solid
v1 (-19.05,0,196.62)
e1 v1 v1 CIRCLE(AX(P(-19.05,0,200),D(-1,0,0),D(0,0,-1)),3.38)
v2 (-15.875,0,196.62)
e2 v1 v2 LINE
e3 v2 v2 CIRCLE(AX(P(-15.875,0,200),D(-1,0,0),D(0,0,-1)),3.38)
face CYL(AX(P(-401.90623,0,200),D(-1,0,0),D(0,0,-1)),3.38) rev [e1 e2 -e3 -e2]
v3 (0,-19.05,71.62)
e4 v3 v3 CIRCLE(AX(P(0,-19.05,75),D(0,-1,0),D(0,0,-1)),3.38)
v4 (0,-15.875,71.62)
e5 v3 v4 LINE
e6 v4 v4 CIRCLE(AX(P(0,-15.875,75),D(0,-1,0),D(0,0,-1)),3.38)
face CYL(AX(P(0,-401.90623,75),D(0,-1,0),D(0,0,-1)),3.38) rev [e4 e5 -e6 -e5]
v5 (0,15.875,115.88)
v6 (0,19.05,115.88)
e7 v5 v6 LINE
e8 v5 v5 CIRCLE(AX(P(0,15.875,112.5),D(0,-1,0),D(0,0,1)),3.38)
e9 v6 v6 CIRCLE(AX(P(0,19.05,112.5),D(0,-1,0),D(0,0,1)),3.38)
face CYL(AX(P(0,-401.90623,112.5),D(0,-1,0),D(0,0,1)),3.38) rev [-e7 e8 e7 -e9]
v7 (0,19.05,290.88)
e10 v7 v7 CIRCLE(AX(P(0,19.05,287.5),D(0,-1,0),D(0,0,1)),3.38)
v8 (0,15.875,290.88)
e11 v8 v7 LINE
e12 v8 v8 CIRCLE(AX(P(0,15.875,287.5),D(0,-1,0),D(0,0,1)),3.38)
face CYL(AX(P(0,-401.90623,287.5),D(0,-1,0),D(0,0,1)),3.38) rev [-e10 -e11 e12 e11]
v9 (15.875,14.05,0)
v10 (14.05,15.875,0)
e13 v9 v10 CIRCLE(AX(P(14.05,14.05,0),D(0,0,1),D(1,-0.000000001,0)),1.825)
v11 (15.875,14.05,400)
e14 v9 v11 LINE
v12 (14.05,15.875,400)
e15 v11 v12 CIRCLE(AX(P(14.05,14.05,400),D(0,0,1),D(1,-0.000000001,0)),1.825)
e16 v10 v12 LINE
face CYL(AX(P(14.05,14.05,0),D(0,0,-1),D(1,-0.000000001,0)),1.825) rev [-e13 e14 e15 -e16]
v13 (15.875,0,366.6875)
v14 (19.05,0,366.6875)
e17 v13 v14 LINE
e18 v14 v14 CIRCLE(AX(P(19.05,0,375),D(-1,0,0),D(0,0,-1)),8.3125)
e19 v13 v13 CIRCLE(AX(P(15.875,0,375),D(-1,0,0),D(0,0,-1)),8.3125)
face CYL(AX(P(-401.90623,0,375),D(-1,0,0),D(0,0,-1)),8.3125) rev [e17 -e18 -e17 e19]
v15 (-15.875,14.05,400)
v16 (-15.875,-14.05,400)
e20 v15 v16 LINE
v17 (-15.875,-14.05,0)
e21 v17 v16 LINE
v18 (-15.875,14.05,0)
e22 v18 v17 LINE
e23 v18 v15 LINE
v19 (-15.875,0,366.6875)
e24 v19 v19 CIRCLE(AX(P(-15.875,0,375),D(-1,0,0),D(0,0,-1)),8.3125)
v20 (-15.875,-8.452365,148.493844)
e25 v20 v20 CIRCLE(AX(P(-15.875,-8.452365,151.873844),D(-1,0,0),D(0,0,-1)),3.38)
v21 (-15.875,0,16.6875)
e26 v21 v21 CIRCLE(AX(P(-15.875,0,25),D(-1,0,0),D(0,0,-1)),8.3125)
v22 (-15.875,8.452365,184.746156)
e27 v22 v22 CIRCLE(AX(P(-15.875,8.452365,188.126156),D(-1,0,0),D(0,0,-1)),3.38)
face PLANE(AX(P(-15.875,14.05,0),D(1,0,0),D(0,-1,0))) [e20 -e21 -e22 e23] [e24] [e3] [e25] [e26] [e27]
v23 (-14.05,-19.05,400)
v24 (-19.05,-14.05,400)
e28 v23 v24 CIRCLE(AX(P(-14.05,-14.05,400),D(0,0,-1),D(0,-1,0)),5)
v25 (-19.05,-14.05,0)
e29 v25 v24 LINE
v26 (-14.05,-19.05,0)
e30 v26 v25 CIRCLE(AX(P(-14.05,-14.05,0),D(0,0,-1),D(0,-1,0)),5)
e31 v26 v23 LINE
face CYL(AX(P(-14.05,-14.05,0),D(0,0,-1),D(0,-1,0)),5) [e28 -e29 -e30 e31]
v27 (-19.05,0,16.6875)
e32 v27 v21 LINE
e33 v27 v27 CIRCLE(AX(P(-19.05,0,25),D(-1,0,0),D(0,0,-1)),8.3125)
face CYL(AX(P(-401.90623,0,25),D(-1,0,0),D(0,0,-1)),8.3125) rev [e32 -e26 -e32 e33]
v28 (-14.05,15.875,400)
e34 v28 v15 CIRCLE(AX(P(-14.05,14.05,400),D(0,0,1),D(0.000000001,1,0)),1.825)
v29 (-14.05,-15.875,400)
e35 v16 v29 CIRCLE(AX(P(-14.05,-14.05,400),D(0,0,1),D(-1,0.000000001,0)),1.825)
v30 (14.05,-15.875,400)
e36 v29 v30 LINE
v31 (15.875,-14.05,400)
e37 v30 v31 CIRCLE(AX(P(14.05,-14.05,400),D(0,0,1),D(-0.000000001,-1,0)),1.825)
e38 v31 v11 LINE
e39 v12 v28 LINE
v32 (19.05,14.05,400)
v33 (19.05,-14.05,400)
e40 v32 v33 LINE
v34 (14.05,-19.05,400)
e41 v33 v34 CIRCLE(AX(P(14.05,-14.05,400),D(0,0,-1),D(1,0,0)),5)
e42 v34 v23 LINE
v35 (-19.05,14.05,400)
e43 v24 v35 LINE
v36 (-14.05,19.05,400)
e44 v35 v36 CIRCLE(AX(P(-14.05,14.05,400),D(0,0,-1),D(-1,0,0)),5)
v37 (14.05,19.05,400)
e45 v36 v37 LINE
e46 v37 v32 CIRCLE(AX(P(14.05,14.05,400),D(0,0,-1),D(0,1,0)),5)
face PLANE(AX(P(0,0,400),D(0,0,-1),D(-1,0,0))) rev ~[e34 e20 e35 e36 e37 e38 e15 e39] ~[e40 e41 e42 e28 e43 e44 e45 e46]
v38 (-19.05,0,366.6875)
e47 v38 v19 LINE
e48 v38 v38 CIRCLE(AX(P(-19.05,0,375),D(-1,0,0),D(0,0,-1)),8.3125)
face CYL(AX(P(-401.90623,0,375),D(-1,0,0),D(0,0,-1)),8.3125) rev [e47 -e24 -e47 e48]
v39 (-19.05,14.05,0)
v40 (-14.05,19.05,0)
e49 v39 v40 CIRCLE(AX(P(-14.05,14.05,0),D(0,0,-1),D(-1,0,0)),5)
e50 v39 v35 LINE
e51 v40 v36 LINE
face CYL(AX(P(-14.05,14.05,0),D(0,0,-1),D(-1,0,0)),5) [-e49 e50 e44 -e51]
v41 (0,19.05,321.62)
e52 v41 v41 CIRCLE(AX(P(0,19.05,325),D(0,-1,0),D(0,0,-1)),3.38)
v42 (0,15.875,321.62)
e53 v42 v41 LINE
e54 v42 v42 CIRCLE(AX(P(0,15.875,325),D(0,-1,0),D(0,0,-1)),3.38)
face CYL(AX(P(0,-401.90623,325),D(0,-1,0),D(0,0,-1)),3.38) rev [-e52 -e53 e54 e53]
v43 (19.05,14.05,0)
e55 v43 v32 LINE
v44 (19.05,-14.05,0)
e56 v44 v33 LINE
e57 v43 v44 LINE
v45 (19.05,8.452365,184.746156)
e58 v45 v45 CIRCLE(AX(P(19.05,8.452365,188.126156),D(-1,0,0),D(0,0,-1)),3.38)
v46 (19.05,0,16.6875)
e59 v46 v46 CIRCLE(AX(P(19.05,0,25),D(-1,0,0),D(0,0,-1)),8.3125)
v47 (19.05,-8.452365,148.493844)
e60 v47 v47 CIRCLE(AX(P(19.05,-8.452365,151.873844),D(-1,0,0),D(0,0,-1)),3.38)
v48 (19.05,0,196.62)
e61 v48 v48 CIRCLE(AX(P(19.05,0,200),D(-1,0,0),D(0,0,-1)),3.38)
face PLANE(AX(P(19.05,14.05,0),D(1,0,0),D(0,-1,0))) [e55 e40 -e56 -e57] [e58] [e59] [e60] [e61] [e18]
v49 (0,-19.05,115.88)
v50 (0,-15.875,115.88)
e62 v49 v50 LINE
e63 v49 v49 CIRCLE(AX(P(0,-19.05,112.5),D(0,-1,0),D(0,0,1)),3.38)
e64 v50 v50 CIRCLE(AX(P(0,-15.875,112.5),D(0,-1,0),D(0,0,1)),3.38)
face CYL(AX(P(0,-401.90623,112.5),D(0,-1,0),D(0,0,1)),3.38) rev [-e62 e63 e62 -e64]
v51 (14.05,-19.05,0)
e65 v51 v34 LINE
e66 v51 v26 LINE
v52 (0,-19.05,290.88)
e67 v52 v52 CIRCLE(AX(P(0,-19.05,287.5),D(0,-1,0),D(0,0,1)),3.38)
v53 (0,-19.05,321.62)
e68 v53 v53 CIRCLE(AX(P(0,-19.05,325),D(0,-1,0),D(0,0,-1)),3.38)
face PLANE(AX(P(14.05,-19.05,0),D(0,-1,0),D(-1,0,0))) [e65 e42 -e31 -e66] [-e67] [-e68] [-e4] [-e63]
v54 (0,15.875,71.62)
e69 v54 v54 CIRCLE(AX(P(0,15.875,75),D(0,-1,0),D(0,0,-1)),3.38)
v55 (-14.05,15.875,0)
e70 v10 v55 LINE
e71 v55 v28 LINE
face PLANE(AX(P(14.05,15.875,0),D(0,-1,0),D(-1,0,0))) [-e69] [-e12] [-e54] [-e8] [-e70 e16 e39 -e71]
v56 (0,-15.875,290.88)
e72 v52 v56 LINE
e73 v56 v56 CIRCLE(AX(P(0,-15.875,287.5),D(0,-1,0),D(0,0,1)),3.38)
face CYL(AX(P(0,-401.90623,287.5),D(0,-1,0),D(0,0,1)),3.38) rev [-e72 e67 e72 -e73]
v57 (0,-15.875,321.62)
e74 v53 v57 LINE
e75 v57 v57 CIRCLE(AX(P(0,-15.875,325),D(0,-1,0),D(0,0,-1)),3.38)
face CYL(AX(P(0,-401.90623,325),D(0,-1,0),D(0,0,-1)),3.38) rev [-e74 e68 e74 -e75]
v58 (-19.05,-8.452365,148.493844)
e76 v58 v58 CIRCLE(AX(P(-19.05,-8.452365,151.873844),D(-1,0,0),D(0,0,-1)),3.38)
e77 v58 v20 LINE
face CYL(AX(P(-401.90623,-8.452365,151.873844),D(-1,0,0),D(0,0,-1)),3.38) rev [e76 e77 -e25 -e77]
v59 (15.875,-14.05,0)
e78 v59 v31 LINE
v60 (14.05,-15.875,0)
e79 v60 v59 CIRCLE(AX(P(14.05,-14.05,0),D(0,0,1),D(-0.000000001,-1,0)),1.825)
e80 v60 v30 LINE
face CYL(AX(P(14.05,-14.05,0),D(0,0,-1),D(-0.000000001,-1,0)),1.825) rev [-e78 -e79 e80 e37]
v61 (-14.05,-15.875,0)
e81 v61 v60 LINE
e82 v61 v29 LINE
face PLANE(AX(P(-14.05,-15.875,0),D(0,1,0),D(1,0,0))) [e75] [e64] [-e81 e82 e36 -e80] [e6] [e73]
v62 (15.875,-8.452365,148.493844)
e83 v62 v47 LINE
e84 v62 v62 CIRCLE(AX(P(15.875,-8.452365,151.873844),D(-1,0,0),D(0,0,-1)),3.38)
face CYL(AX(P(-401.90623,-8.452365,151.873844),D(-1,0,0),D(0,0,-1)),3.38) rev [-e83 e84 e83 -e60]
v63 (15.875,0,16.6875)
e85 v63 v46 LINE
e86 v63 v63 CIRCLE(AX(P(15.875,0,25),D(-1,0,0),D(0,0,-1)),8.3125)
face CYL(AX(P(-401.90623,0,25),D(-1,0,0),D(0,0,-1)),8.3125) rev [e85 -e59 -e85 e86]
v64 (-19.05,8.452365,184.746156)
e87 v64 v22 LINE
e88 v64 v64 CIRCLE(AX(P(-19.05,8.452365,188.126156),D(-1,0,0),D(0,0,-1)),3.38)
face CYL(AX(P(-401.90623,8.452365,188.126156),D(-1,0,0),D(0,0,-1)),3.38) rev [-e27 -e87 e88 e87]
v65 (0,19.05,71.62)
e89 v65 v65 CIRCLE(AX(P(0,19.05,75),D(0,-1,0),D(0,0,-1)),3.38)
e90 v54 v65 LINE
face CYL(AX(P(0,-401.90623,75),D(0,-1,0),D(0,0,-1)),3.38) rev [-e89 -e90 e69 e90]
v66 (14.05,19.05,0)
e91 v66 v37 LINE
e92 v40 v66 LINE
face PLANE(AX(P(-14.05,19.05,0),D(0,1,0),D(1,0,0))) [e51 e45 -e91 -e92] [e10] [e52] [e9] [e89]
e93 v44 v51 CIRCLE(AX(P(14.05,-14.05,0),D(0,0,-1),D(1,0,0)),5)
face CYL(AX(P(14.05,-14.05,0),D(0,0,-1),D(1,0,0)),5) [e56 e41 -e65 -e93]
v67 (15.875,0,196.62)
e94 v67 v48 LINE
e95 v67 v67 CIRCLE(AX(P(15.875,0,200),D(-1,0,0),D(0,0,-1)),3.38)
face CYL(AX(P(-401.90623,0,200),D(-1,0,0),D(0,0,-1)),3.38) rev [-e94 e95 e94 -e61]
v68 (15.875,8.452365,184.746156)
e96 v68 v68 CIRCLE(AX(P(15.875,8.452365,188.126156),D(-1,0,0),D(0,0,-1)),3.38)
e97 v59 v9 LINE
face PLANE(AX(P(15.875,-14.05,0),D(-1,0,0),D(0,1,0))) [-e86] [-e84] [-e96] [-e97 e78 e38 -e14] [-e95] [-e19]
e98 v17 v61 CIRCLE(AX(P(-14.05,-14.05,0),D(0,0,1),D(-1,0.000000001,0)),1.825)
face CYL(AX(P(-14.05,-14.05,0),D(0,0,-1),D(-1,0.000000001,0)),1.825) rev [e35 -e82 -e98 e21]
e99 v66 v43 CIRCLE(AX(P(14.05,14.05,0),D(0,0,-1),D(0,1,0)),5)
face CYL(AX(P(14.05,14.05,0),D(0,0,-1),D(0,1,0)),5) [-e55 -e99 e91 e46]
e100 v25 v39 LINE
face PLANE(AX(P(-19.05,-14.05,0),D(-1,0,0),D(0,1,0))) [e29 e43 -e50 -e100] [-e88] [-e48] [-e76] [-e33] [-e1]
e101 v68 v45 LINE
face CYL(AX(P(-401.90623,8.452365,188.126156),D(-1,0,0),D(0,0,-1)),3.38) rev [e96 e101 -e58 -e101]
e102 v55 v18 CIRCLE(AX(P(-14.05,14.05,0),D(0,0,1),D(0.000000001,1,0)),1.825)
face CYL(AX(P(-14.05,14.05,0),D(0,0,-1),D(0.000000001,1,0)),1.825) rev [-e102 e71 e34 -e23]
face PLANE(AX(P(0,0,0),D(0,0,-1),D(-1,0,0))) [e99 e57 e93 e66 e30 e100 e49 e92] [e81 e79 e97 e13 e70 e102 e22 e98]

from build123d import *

# Parameters (mm, degrees)
BOSS_EXTRUDE1_DEPTH             = 400
CUT_EXTRUDE1_DEPTH              = 401.906229685
CUT_EXTRUDE1_DEPTH_BACK         = 401.906229685
SKETCH2_R                       = 8.3125
CUT_EXTRUDE2_DEPTH              = 401.906229685
CUT_EXTRUDE2_DEPTH_BACK         = 401.906229685
SKETCH3_R                       = 3.38
CUT_EXTRUDE3_DEPTH              = 401.906229685
CUT_EXTRUDE3_DEPTH_BACK         = 401.906229685
SKETCH4_R                       = 3.38
CUT_EXTRUDE4_DEPTH              = 401.906229685
CUT_EXTRUDE4_DEPTH_BACK         = 401.906229685
SKETCH5_R                       = 3.38
BROOM_MOUNTING_HOLES_DEPTH      = 401.906229685
BROOM_MOUNTING_HOLES_DEPTH_BACK = 401.906229685
SKETCH6_R                       = 3.38


with BuildPart() as part:
    # Sketch1 → Boss-Extrude1 (new body)
    with BuildSketch(Plane.XY):
        with BuildLine():
            Line((-14.05, 19.05), (14.05, 19.05))
            ThreePointArc((14.05, 19.05), (17.585533906, 17.585533906), (19.05, 14.05))
            Line((19.05, 14.05), (19.05, -14.05))
            ThreePointArc((19.05, -14.05), (17.585533906, -17.585533906), (14.05, -19.05))
            Line((14.05, -19.05), (-14.05, -19.05))
            ThreePointArc((-14.05, -19.05), (-17.585533906, -17.585533906), (-19.05, -14.05))
            Line((-19.05, -14.05), (-19.05, 14.05))
            ThreePointArc((-19.05, 14.05), (-17.585533906, 17.585533906), (-14.05, 19.05))
        make_face()
        with BuildLine():
            Line((-15.875, 14.05), (-15.875, -14.05))
            ThreePointArc((-15.875, -14.05), (-15.340469876, -15.340469876), (-14.05, -15.875))
            Line((-14.05, -15.875), (14.05, -15.875))
            ThreePointArc((14.05, -15.875), (15.340469876, -15.340469876), (15.875, -14.05))
            Line((15.875, -14.05), (15.875, 14.05))
            ThreePointArc((15.875, 14.05), (15.340469876, 15.340469876), (14.05, 15.875))
            Line((14.05, 15.875), (-14.05, 15.875))
            ThreePointArc((-14.05, 15.875), (-15.340469876, 15.340469876), (-15.875, 14.05))
        make_face(mode=Mode.SUBTRACT)
    extrude(amount=BOSS_EXTRUDE1_DEPTH)

    # Sketch2 → Cut-Extrude1 (cut, two sides: drawn at the far end of the back side and taken through both)
    with BuildSketch(Plane(origin=(0, 0, 0), x_dir=(0, 0, -1), z_dir=(1, 0, 0)).offset(-CUT_EXTRUDE1_DEPTH_BACK)):
        with Locations((-375, 0)):
            Circle(SKETCH2_R)
        with Locations((-25, 0)):
            Circle(SKETCH2_R)
    extrude(amount=CUT_EXTRUDE1_DEPTH + CUT_EXTRUDE1_DEPTH_BACK, mode=Mode.SUBTRACT)

    # Sketch3 → Cut-Extrude2 (cut, two sides: drawn at the far end of the back side and taken through both)
    with BuildSketch(Plane(origin=(0, 0, 0), x_dir=(1, 0, 0), z_dir=(0, 1, 0)).offset(-CUT_EXTRUDE2_DEPTH_BACK)):
        with Locations(Location((0, -325, 0), (0, 0, 90))):
            Circle(SKETCH3_R)
        with Locations(Location((0, -75, 0), (0, 0, 90))):
            Circle(SKETCH3_R)
    extrude(amount=CUT_EXTRUDE2_DEPTH + CUT_EXTRUDE2_DEPTH_BACK, mode=Mode.SUBTRACT)

    # Sketch4 → Cut-Extrude3 (cut, two sides: drawn at the far end of the back side and taken through both)
    with BuildSketch(Plane(origin=(0, 0, 0), x_dir=(0, 0, -1), z_dir=(1, 0, 0)).offset(-CUT_EXTRUDE3_DEPTH_BACK)):
        with Locations((-200, 0)):
            Circle(SKETCH4_R)
    extrude(amount=CUT_EXTRUDE3_DEPTH + CUT_EXTRUDE3_DEPTH_BACK, mode=Mode.SUBTRACT)

    # Sketch5 → Cut-Extrude4 (cut, two sides: drawn at the far end of the back side and taken through both)
    with BuildSketch(Plane(origin=(0, 0, 0), x_dir=(0, 0, -1), z_dir=(1, 0, 0)).offset(-CUT_EXTRUDE4_DEPTH_BACK)):
        with Locations((-188.126155741, 8.452365235)):
            Circle(SKETCH5_R)
        with Locations((-151.873844259, -8.452365235)):
            Circle(SKETCH5_R)
    extrude(amount=CUT_EXTRUDE4_DEPTH + CUT_EXTRUDE4_DEPTH_BACK, mode=Mode.SUBTRACT)

    # Sketch6 → Broom Mounting Holes (cut, two sides: drawn at the far end of the back side and taken through both)
    with BuildSketch(Plane(origin=(0, 0, 0), x_dir=(1, 0, 0), z_dir=(0, 1, 0)).offset(-BROOM_MOUNTING_HOLES_DEPTH_BACK)):
        with Locations(Location((0, -112.5, 0), (0, 0, 270))):
            Circle(SKETCH6_R)
        with Locations(Location((0, -287.5, 0), (0, 0, 270))):
            Circle(SKETCH6_R)
    extrude(amount=BROOM_MOUNTING_HOLES_DEPTH + BROOM_MOUNTING_HOLES_DEPTH_BACK, mode=Mode.SUBTRACT)


solid = part.part
